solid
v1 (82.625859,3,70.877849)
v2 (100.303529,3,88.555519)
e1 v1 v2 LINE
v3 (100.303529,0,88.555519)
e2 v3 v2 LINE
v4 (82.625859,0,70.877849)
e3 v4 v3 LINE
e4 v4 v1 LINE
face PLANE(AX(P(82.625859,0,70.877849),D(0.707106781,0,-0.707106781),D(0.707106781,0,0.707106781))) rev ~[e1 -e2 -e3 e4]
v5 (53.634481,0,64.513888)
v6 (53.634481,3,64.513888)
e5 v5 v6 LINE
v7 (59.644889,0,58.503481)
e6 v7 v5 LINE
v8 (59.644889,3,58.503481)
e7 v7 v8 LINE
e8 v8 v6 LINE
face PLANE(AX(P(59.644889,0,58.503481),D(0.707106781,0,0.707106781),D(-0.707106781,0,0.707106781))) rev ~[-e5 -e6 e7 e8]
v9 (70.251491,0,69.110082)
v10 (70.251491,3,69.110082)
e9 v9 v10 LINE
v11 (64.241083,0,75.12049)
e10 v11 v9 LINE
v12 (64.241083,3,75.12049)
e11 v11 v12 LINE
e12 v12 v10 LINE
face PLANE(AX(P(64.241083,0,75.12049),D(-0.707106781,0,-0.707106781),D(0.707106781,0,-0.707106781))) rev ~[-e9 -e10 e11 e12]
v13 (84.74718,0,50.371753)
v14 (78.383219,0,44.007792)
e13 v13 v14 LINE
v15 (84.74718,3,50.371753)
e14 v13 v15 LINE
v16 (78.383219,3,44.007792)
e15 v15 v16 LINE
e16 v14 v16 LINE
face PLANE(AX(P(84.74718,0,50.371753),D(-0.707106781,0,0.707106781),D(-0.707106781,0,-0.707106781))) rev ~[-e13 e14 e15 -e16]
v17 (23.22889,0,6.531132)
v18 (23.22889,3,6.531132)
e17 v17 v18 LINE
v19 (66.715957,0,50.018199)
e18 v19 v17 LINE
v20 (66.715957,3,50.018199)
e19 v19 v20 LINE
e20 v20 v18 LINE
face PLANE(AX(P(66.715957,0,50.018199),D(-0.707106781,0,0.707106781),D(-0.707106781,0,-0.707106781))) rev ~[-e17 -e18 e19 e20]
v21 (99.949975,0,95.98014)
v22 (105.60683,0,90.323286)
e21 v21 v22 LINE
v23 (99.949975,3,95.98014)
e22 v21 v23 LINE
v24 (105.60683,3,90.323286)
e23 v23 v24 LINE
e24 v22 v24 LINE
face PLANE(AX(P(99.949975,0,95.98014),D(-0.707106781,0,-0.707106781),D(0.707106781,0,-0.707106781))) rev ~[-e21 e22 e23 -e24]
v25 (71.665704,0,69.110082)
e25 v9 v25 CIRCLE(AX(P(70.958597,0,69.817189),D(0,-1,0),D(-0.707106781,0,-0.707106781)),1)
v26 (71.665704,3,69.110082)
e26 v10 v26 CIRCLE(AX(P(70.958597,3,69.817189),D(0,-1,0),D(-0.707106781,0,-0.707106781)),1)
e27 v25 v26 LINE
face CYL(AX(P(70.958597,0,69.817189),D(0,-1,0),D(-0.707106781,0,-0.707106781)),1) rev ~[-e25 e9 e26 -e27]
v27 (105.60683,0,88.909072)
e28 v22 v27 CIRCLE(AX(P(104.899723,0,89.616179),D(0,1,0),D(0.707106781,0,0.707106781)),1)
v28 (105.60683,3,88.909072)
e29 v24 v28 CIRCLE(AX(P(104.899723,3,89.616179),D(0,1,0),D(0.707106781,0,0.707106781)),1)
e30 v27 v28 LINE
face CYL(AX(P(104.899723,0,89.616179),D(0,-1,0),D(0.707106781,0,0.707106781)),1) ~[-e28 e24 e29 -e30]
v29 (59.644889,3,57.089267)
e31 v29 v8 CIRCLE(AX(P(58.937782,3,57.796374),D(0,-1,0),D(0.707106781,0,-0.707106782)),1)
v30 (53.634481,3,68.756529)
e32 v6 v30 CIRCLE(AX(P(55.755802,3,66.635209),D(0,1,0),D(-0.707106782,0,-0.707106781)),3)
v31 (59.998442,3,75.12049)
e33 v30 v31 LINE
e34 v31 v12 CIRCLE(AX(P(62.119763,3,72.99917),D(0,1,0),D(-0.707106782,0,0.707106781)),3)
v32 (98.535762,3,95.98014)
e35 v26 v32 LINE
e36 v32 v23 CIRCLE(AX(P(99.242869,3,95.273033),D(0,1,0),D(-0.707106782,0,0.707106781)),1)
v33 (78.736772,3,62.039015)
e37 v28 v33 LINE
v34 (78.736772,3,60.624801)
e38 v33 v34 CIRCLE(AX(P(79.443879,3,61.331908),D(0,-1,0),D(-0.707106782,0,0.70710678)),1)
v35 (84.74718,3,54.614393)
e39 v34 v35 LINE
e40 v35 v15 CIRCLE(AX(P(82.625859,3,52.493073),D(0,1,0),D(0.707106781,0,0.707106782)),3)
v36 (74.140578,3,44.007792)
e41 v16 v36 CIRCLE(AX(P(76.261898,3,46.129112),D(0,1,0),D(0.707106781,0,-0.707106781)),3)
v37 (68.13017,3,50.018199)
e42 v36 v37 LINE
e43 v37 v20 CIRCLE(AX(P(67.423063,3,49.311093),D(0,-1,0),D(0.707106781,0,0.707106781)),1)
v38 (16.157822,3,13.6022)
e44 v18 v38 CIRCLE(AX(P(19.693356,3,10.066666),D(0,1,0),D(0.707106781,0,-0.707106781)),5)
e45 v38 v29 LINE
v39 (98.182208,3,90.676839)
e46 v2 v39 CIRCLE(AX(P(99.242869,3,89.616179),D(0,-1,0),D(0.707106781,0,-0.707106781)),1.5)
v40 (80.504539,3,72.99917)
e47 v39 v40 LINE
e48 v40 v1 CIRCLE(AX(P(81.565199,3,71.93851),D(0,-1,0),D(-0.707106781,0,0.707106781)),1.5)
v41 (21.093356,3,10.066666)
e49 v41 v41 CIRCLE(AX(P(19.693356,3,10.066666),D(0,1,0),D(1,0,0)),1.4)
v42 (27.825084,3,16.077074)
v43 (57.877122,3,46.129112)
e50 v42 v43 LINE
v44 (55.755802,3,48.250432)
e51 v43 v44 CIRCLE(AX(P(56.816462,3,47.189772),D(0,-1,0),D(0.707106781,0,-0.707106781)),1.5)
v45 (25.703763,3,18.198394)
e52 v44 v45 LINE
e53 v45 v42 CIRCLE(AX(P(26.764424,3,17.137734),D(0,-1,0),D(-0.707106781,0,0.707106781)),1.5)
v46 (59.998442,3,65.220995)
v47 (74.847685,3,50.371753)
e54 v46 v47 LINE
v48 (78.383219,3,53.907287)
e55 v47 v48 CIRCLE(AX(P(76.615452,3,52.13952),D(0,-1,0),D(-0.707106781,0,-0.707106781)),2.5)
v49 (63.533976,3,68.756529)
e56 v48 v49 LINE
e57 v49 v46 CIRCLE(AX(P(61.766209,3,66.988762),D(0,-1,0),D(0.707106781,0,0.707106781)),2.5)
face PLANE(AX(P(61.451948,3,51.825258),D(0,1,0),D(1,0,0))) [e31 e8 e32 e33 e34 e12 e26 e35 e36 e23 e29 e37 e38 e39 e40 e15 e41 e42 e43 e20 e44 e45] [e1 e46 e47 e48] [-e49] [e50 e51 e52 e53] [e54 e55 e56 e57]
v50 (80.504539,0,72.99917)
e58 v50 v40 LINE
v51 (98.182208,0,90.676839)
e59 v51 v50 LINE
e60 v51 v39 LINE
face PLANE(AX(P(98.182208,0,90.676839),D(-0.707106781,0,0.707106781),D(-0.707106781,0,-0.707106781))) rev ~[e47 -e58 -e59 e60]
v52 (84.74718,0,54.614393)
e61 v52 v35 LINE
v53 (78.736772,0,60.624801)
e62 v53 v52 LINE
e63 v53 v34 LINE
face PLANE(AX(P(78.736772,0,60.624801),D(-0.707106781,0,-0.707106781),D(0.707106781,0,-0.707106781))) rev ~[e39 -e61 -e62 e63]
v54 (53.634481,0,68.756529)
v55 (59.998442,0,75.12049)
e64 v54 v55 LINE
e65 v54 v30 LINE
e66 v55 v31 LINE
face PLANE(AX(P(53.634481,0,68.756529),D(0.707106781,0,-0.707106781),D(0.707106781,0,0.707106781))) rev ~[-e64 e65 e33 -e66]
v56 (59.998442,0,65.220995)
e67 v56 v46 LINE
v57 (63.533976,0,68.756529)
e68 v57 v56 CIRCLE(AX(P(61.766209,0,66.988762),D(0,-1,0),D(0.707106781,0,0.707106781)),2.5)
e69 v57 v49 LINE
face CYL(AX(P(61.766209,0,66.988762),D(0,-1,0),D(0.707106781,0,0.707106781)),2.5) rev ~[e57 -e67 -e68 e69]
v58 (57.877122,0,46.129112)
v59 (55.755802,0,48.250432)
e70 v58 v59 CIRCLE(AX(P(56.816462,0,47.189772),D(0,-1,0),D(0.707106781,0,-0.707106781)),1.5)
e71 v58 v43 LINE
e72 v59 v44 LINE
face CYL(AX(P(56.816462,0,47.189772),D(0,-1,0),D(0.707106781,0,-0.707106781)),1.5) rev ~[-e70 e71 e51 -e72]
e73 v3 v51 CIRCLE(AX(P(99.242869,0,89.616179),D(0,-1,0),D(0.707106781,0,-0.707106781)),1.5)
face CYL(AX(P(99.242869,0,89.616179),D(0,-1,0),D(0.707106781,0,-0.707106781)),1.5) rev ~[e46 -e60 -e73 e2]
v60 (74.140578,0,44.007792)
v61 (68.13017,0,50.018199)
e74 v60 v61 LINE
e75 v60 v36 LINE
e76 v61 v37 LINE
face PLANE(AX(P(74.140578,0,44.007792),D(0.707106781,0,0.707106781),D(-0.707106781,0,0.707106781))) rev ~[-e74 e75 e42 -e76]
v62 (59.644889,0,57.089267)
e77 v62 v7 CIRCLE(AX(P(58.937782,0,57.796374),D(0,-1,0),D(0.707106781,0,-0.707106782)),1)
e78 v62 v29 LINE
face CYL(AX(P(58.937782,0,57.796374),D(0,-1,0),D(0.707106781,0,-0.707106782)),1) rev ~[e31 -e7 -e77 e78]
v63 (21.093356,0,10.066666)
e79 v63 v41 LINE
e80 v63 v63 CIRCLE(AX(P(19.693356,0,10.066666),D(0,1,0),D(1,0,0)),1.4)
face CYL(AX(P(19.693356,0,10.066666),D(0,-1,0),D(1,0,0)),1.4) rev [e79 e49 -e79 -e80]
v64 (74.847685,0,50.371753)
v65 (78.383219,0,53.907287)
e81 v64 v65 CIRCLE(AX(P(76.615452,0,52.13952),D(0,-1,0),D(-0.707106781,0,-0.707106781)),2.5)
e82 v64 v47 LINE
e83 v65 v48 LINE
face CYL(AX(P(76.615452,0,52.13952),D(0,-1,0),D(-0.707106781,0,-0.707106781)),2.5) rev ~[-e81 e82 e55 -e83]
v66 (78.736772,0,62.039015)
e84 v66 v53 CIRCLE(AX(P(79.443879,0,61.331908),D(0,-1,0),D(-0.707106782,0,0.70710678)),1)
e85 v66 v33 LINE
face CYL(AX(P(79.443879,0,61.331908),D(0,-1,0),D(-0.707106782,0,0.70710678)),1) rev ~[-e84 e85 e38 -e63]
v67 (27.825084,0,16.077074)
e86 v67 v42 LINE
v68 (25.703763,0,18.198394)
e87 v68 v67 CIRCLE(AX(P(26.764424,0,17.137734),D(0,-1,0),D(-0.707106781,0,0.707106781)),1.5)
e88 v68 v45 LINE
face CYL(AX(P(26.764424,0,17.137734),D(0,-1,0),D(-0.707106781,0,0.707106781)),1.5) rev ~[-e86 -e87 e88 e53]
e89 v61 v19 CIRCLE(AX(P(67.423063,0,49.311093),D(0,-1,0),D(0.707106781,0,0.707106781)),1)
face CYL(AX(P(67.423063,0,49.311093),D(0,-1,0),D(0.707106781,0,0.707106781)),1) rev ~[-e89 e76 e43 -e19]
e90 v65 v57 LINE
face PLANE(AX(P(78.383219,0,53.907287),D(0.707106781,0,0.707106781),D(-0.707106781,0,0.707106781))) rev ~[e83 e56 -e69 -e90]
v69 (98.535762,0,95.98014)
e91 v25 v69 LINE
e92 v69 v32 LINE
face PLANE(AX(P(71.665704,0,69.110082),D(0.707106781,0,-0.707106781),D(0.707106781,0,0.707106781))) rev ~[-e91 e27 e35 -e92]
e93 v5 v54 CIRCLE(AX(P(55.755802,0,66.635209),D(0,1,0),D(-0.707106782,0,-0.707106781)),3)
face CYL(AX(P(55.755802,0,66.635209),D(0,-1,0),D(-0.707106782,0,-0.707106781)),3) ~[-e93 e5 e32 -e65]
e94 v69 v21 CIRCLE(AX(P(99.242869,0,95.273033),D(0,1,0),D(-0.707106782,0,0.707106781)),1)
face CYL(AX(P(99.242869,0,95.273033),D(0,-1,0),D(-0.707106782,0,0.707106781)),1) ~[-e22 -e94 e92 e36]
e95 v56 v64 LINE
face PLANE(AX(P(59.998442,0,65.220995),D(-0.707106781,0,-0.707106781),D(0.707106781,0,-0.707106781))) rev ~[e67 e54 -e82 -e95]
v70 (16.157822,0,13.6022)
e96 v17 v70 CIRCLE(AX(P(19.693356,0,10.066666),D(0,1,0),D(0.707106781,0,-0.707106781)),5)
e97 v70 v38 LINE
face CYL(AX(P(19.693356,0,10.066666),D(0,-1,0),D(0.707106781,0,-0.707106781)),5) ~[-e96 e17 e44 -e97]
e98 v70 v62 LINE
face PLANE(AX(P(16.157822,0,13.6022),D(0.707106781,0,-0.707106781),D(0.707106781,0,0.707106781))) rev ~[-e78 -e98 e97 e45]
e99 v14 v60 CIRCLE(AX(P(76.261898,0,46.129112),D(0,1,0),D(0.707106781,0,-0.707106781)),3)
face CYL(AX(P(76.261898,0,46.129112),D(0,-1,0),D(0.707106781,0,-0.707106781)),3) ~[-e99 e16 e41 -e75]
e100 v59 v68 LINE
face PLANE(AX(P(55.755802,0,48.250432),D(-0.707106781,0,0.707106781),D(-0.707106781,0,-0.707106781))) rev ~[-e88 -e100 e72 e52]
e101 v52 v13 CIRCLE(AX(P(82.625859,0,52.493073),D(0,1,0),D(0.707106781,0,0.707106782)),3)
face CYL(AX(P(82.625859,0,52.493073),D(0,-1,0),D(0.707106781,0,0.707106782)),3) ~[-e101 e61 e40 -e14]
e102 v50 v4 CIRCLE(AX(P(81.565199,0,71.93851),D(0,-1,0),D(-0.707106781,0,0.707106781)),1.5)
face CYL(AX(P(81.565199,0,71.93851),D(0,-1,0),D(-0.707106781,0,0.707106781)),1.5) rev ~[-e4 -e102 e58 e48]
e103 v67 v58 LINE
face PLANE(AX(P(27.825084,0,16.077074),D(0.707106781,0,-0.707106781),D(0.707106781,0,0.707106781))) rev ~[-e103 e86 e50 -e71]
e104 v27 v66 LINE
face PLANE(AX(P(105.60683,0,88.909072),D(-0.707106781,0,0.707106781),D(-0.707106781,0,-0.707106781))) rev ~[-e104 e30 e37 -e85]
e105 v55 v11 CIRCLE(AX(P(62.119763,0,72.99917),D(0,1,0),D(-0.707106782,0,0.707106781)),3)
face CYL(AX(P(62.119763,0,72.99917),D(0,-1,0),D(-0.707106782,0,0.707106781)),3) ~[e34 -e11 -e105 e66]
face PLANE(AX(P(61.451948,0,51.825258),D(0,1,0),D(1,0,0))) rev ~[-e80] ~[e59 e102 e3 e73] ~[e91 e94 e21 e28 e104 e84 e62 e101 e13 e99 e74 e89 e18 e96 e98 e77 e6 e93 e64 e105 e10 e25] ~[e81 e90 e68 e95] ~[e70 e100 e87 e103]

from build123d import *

# Parameters (mm, degrees)
SKETCH1_R           = 1.4
BOSS_EXTRUDE1_DEPTH = 3


with BuildPart() as part:
    # Sketch1 → Boss-Extrude1 (new body)
    with BuildSketch(Plane(origin=(0, 0, 0), x_dir=(1, 0, 0), z_dir=(0, 1, 0))):
        with BuildLine():
            Line((66.715956662, -50.018199395), (23.228889619, -6.531132352))
            ThreePointArc((23.228889619, -6.531132352), (16.157821807, -6.531132352), (16.157821807, -13.602200164))
            Line((16.157821807, -13.602200164), (59.64488885, -57.089267207))
            ThreePointArc((59.64488885, -57.089267207), (59.937782069, -57.796373988), (59.64488885, -58.503480769))
            Line((59.64488885, -58.503480769), (53.63448121, -64.513888409))
            ThreePointArc((53.63448121, -64.513888409), (52.755801554, -66.635208753), (53.63448121, -68.756529097))
            Line((53.63448121, -68.756529097), (59.998442241, -75.120490127))
            ThreePointArc((59.998442241, -75.120490127), (62.119762584, -75.999169784), (64.241082928, -75.120490127))
            Line((64.241082928, -75.120490127), (70.251490568, -69.110082487))
            ThreePointArc((70.251490568, -69.110082487), (70.958597349, -68.817189268), (71.665704131, -69.110082487))
            Line((71.665704131, -69.110082487), (98.535761816, -95.980140172))
            ThreePointArc((98.535761816, -95.980140172), (99.242868597, -96.273033391), (99.949975378, -95.980140172))
            Line((99.949975378, -95.980140172), (105.606829627, -90.323285923))
            ThreePointArc((105.606829627, -90.323285923), (105.899722846, -89.616179142), (105.606829627, -88.90907236))
            Line((105.606829627, -88.90907236), (78.736771942, -62.039014675))
            ThreePointArc((78.736771942, -62.039014675), (78.443878724, -61.331907894), (78.736771942, -60.624801113))
            Line((78.736771942, -60.624801113), (84.747179582, -54.614393473))
            ThreePointArc((84.747179582, -54.614393473), (85.625859239, -52.493073129), (84.747179582, -50.371752786))
            Line((84.747179582, -50.371752786), (78.383218552, -44.007791755))
            ThreePointArc((78.383218552, -44.007791755), (76.261898208, -43.129112099), (74.140577865, -44.007791755))
            Line((74.140577865, -44.007791755), (68.130170225, -50.018199395))
            ThreePointArc((68.130170225, -50.018199395), (67.423063443, -50.311092614), (66.715956662, -50.018199395))
        make_face()
        with Locations((19.693355713, -10.066666258)):
            Circle(SKETCH1_R, mode=Mode.SUBTRACT)
        with BuildLine():
            Line((82.625859239, -70.87784944), (100.303528769, -88.55551897))
            ThreePointArc((100.303528769, -88.55551897), (100.303528769, -90.676839313), (98.182208425, -90.676839313))
            Line((98.182208425, -90.676839313), (80.504538895, -72.999169784))
            ThreePointArc((80.504538895, -72.999169784), (80.504538895, -70.87784944), (82.625859239, -70.87784944))
        make_face(mode=Mode.SUBTRACT)
        with BuildLine():
            Line((59.998442241, -65.220995191), (74.847684646, -50.371752786))
            ThreePointArc((74.847684646, -50.371752786), (78.383218552, -50.371752786), (78.383218552, -53.907286692))
            Line((78.383218552, -53.907286692), (63.533976147, -68.756529097))
            ThreePointArc((63.533976147, -68.756529097), (59.998442241, -68.756529097), (59.998442241, -65.220995191))
        make_face(mode=Mode.SUBTRACT)
        with BuildLine():
            Line((27.825083697, -16.077073898), (57.877121897, -46.129112099))
            ThreePointArc((57.877121897, -46.129112099), (57.877121897, -48.250432442), (55.755801554, -48.250432442))
            Line((55.755801554, -48.250432442), (25.703763353, -18.198394242))
            ThreePointArc((25.703763353, -18.198394242), (25.703763353, -16.077073898), (27.825083697, -16.077073898))
        make_face(mode=Mode.SUBTRACT)
    extrude(amount=BOSS_EXTRUDE1_DEPTH)


solid = part.part
